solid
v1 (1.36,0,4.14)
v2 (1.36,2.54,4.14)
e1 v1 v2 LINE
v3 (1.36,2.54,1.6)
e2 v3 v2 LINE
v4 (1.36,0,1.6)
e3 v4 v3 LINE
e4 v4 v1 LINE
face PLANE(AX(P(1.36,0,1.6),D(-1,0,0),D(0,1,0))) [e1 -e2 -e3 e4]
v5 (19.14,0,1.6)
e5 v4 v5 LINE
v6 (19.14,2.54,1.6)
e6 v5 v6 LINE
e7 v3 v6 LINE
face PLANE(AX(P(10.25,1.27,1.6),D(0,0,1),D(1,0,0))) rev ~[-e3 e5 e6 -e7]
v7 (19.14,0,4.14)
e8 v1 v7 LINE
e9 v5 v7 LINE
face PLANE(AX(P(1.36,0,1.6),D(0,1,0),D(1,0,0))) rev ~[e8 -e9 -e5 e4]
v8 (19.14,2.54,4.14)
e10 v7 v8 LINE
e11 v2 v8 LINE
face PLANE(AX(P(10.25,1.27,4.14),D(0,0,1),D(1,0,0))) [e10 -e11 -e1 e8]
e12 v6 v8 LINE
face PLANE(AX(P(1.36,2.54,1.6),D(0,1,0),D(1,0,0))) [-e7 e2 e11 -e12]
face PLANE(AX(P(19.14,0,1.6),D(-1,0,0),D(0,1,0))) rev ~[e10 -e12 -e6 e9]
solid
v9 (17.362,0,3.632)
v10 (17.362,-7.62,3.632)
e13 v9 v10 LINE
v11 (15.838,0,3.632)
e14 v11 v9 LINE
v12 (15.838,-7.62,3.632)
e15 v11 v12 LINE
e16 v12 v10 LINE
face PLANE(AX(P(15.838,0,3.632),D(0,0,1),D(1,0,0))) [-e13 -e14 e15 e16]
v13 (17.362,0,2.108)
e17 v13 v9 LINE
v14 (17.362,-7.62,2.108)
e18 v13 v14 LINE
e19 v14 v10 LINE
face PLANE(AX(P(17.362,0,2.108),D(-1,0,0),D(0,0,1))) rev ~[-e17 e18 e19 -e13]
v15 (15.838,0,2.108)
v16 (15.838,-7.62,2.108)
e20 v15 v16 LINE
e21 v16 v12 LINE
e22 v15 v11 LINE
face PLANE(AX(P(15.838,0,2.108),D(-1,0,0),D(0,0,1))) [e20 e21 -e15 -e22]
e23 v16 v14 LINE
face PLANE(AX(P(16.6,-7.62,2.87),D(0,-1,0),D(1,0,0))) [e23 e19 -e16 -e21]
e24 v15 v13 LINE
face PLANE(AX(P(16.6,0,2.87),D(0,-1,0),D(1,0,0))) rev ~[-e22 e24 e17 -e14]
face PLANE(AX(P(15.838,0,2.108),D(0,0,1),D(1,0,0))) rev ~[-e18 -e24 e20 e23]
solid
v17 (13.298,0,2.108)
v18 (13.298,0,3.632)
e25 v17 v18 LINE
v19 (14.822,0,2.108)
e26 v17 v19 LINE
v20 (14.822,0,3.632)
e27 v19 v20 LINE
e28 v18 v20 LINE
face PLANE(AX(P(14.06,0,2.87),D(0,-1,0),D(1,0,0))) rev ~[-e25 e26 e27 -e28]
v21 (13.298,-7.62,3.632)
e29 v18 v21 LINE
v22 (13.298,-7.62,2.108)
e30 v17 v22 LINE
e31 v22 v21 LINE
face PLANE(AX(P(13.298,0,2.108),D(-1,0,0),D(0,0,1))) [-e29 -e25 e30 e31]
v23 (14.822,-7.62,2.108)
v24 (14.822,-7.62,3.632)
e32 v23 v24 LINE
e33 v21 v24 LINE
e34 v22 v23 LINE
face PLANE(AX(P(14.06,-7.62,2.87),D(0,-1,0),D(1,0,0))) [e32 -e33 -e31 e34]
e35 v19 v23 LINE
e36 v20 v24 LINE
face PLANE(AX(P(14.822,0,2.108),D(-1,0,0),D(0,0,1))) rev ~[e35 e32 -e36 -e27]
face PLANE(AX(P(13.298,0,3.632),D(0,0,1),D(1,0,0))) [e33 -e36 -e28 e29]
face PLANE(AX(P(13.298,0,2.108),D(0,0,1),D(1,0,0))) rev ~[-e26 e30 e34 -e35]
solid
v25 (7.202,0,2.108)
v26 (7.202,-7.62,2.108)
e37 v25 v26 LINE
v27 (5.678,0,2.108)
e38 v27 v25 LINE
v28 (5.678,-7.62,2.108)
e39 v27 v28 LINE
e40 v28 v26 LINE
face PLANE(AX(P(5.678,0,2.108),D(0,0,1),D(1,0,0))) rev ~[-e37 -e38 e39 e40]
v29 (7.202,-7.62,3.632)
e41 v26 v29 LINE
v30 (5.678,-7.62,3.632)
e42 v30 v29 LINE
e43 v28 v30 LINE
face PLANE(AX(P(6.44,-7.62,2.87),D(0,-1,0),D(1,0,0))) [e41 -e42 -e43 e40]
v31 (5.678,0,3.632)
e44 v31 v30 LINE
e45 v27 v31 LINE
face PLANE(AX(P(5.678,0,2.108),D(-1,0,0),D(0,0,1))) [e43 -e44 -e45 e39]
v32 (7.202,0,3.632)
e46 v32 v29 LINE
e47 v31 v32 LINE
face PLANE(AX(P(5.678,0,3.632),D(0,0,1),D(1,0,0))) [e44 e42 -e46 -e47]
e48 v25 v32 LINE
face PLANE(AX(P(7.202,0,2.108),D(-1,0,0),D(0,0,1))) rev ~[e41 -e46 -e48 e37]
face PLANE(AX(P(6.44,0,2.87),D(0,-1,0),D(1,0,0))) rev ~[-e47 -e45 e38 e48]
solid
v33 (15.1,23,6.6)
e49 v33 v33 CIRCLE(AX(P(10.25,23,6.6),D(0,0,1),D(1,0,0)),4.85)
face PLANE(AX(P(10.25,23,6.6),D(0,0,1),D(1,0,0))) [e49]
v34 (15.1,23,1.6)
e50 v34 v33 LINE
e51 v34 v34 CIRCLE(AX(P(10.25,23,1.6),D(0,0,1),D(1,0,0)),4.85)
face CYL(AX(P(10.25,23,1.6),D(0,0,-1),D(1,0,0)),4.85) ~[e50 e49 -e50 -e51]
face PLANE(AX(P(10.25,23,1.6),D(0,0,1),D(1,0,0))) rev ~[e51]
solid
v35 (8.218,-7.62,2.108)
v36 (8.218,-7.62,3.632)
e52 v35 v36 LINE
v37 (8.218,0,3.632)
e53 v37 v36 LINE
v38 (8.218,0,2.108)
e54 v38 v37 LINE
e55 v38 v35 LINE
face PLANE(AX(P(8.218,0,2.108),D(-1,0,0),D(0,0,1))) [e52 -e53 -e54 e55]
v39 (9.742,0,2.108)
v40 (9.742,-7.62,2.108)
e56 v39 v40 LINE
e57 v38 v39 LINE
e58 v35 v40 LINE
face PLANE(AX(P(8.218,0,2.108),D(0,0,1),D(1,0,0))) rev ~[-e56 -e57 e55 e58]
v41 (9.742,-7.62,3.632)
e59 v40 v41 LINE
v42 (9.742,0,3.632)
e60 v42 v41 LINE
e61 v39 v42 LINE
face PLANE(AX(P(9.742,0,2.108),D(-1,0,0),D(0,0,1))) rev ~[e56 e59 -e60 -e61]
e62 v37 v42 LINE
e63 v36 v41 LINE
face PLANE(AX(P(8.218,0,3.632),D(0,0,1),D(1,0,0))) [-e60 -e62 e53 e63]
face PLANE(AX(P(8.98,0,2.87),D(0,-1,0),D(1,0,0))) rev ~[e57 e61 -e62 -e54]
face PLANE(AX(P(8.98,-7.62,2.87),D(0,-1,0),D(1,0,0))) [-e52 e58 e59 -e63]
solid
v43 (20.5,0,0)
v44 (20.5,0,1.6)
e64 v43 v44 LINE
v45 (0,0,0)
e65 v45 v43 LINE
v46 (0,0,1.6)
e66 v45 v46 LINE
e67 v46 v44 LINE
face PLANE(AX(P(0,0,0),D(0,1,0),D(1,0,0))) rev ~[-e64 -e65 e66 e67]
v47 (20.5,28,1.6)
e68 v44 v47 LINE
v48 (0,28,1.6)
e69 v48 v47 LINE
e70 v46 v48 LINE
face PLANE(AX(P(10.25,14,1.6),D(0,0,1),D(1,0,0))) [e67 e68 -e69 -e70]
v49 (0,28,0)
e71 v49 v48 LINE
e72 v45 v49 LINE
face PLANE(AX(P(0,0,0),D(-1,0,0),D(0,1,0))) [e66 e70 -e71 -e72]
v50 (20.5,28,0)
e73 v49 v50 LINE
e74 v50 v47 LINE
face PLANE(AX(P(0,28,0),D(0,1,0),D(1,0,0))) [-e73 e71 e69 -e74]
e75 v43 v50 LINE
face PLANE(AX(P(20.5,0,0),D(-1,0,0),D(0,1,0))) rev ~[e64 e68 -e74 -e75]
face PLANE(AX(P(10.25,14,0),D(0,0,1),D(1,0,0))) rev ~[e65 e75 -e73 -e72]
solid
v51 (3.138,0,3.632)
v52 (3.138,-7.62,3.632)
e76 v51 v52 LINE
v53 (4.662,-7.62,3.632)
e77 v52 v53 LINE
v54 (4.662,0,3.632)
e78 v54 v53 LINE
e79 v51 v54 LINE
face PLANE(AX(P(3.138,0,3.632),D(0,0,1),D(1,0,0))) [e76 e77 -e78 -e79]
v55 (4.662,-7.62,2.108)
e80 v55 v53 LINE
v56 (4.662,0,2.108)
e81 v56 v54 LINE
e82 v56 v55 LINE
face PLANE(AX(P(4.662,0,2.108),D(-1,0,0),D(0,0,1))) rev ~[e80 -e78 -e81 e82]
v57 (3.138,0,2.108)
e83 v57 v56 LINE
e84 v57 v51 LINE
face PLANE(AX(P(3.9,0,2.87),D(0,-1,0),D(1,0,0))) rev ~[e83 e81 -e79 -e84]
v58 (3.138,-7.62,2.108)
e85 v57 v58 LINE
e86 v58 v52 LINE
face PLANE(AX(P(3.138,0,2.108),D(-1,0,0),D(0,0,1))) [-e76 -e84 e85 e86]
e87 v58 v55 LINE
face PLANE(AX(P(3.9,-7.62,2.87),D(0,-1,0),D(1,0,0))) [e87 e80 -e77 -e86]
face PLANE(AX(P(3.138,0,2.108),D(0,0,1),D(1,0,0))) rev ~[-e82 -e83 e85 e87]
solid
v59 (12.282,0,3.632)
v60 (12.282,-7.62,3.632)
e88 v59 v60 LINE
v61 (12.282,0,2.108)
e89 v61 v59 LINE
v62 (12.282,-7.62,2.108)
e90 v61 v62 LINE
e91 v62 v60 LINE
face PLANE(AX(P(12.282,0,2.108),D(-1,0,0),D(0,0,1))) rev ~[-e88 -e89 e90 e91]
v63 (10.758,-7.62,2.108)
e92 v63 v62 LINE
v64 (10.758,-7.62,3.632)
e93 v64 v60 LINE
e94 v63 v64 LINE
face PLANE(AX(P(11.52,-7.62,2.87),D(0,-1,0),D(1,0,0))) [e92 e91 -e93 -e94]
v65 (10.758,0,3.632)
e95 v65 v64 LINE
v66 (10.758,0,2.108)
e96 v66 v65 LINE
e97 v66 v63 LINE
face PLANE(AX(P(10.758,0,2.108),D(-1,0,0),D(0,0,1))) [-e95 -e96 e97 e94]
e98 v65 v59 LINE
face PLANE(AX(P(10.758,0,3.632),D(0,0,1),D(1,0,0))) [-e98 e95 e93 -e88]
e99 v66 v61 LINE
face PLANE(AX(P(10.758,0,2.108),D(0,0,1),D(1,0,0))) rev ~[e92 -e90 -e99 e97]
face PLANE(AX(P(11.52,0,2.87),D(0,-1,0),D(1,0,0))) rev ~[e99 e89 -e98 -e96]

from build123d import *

# Parameters (mm, degrees)
SKETCH1_W             = 20.5
SKETCH1_H             = 28
BOSS_EXTRUDE1_DEPTH   = 1.6
SKETCH2_R             = 4.85
BOSS_EXTRUDE2_DEPTH   = 5
SKETCH3_W             = 17.78
SKETCH3_H             = 2.54
BOSS_EXTRUDE3_DEPTH   = 2.54
SKETCH4_W             = 1.524
SKETCH4_H             = 1.524
BOSS_EXTRUDE4_DEPTH   = 7.62
BOSS_EXTRUDE4_2_DEPTH = 7.62
BOSS_EXTRUDE4_3_DEPTH = 7.62
BOSS_EXTRUDE4_4_DEPTH = 7.62
BOSS_EXTRUDE4_5_DEPTH = 7.62
BOSS_EXTRUDE4_6_DEPTH = 7.62


with BuildPart() as part:
    # Sketch1 → Boss-Extrude1 (new body)
    with BuildSketch(Plane.XY):
        with Locations((10.25, 14)):
            Rectangle(SKETCH1_W, SKETCH1_H)
    extrude(amount=BOSS_EXTRUDE1_DEPTH)


with BuildPart() as body_2:
    # Sketch2 → Boss-Extrude2 (new body)
    with BuildSketch(Plane.XY.offset(1.6)):
        with Locations((10.25, 23)):
            Circle(SKETCH2_R)
    extrude(amount=BOSS_EXTRUDE2_DEPTH)


with BuildPart() as body_3:
    # Sketch3 → Boss-Extrude3 (new body)
    with BuildSketch(Plane.XY.offset(1.6)):
        with Locations((10.25, 1.27)):
            Rectangle(SKETCH3_W, SKETCH3_H)
    extrude(amount=BOSS_EXTRUDE3_DEPTH)


with BuildPart() as body_4:
    # Sketch4 → Boss-Extrude4 (new body)
    with BuildSketch(Plane.XZ):
        with Locations((3.9, 2.87)):
            Rectangle(SKETCH4_W, SKETCH4_H)
    extrude(amount=BOSS_EXTRUDE4_DEPTH)


with BuildPart() as body_5:
    # Sketch4 → Boss-Extrude4 2 (new body)
    with BuildSketch(Plane.XZ):
        with Locations((6.44, 2.87)):
            Rectangle(SKETCH4_W, SKETCH4_H)
    extrude(amount=BOSS_EXTRUDE4_2_DEPTH)


with BuildPart() as body_6:
    # Sketch4 → Boss-Extrude4 3 (new body)
    with BuildSketch(Plane.XZ):
        with Locations((8.98, 2.87)):
            Rectangle(SKETCH4_W, SKETCH4_H)
    extrude(amount=BOSS_EXTRUDE4_3_DEPTH)


with BuildPart() as body_7:
    # Sketch4 → Boss-Extrude4 4 (new body)
    with BuildSketch(Plane.XZ):
        with Locations((11.52, 2.87)):
            Rectangle(SKETCH4_W, SKETCH4_H)
    extrude(amount=BOSS_EXTRUDE4_4_DEPTH)


with BuildPart() as body_8:
    # Sketch4 → Boss-Extrude4 5 (new body)
    with BuildSketch(Plane.XZ):
        with Locations((14.06, 2.87)):
            Rectangle(SKETCH4_W, SKETCH4_H)
    extrude(amount=BOSS_EXTRUDE4_5_DEPTH)


with BuildPart() as body_9:
    # Sketch4 → Boss-Extrude4 6 (new body)
    with BuildSketch(Plane.XZ):
        with Locations((16.6, 2.87)):
            Rectangle(SKETCH4_W, SKETCH4_H)
    extrude(amount=BOSS_EXTRUDE4_6_DEPTH)


solid = Compound([part.part, body_2.part, body_3.part, body_4.part, body_5.part, body_6.part, body_7.part, body_8.part, body_9.part])
